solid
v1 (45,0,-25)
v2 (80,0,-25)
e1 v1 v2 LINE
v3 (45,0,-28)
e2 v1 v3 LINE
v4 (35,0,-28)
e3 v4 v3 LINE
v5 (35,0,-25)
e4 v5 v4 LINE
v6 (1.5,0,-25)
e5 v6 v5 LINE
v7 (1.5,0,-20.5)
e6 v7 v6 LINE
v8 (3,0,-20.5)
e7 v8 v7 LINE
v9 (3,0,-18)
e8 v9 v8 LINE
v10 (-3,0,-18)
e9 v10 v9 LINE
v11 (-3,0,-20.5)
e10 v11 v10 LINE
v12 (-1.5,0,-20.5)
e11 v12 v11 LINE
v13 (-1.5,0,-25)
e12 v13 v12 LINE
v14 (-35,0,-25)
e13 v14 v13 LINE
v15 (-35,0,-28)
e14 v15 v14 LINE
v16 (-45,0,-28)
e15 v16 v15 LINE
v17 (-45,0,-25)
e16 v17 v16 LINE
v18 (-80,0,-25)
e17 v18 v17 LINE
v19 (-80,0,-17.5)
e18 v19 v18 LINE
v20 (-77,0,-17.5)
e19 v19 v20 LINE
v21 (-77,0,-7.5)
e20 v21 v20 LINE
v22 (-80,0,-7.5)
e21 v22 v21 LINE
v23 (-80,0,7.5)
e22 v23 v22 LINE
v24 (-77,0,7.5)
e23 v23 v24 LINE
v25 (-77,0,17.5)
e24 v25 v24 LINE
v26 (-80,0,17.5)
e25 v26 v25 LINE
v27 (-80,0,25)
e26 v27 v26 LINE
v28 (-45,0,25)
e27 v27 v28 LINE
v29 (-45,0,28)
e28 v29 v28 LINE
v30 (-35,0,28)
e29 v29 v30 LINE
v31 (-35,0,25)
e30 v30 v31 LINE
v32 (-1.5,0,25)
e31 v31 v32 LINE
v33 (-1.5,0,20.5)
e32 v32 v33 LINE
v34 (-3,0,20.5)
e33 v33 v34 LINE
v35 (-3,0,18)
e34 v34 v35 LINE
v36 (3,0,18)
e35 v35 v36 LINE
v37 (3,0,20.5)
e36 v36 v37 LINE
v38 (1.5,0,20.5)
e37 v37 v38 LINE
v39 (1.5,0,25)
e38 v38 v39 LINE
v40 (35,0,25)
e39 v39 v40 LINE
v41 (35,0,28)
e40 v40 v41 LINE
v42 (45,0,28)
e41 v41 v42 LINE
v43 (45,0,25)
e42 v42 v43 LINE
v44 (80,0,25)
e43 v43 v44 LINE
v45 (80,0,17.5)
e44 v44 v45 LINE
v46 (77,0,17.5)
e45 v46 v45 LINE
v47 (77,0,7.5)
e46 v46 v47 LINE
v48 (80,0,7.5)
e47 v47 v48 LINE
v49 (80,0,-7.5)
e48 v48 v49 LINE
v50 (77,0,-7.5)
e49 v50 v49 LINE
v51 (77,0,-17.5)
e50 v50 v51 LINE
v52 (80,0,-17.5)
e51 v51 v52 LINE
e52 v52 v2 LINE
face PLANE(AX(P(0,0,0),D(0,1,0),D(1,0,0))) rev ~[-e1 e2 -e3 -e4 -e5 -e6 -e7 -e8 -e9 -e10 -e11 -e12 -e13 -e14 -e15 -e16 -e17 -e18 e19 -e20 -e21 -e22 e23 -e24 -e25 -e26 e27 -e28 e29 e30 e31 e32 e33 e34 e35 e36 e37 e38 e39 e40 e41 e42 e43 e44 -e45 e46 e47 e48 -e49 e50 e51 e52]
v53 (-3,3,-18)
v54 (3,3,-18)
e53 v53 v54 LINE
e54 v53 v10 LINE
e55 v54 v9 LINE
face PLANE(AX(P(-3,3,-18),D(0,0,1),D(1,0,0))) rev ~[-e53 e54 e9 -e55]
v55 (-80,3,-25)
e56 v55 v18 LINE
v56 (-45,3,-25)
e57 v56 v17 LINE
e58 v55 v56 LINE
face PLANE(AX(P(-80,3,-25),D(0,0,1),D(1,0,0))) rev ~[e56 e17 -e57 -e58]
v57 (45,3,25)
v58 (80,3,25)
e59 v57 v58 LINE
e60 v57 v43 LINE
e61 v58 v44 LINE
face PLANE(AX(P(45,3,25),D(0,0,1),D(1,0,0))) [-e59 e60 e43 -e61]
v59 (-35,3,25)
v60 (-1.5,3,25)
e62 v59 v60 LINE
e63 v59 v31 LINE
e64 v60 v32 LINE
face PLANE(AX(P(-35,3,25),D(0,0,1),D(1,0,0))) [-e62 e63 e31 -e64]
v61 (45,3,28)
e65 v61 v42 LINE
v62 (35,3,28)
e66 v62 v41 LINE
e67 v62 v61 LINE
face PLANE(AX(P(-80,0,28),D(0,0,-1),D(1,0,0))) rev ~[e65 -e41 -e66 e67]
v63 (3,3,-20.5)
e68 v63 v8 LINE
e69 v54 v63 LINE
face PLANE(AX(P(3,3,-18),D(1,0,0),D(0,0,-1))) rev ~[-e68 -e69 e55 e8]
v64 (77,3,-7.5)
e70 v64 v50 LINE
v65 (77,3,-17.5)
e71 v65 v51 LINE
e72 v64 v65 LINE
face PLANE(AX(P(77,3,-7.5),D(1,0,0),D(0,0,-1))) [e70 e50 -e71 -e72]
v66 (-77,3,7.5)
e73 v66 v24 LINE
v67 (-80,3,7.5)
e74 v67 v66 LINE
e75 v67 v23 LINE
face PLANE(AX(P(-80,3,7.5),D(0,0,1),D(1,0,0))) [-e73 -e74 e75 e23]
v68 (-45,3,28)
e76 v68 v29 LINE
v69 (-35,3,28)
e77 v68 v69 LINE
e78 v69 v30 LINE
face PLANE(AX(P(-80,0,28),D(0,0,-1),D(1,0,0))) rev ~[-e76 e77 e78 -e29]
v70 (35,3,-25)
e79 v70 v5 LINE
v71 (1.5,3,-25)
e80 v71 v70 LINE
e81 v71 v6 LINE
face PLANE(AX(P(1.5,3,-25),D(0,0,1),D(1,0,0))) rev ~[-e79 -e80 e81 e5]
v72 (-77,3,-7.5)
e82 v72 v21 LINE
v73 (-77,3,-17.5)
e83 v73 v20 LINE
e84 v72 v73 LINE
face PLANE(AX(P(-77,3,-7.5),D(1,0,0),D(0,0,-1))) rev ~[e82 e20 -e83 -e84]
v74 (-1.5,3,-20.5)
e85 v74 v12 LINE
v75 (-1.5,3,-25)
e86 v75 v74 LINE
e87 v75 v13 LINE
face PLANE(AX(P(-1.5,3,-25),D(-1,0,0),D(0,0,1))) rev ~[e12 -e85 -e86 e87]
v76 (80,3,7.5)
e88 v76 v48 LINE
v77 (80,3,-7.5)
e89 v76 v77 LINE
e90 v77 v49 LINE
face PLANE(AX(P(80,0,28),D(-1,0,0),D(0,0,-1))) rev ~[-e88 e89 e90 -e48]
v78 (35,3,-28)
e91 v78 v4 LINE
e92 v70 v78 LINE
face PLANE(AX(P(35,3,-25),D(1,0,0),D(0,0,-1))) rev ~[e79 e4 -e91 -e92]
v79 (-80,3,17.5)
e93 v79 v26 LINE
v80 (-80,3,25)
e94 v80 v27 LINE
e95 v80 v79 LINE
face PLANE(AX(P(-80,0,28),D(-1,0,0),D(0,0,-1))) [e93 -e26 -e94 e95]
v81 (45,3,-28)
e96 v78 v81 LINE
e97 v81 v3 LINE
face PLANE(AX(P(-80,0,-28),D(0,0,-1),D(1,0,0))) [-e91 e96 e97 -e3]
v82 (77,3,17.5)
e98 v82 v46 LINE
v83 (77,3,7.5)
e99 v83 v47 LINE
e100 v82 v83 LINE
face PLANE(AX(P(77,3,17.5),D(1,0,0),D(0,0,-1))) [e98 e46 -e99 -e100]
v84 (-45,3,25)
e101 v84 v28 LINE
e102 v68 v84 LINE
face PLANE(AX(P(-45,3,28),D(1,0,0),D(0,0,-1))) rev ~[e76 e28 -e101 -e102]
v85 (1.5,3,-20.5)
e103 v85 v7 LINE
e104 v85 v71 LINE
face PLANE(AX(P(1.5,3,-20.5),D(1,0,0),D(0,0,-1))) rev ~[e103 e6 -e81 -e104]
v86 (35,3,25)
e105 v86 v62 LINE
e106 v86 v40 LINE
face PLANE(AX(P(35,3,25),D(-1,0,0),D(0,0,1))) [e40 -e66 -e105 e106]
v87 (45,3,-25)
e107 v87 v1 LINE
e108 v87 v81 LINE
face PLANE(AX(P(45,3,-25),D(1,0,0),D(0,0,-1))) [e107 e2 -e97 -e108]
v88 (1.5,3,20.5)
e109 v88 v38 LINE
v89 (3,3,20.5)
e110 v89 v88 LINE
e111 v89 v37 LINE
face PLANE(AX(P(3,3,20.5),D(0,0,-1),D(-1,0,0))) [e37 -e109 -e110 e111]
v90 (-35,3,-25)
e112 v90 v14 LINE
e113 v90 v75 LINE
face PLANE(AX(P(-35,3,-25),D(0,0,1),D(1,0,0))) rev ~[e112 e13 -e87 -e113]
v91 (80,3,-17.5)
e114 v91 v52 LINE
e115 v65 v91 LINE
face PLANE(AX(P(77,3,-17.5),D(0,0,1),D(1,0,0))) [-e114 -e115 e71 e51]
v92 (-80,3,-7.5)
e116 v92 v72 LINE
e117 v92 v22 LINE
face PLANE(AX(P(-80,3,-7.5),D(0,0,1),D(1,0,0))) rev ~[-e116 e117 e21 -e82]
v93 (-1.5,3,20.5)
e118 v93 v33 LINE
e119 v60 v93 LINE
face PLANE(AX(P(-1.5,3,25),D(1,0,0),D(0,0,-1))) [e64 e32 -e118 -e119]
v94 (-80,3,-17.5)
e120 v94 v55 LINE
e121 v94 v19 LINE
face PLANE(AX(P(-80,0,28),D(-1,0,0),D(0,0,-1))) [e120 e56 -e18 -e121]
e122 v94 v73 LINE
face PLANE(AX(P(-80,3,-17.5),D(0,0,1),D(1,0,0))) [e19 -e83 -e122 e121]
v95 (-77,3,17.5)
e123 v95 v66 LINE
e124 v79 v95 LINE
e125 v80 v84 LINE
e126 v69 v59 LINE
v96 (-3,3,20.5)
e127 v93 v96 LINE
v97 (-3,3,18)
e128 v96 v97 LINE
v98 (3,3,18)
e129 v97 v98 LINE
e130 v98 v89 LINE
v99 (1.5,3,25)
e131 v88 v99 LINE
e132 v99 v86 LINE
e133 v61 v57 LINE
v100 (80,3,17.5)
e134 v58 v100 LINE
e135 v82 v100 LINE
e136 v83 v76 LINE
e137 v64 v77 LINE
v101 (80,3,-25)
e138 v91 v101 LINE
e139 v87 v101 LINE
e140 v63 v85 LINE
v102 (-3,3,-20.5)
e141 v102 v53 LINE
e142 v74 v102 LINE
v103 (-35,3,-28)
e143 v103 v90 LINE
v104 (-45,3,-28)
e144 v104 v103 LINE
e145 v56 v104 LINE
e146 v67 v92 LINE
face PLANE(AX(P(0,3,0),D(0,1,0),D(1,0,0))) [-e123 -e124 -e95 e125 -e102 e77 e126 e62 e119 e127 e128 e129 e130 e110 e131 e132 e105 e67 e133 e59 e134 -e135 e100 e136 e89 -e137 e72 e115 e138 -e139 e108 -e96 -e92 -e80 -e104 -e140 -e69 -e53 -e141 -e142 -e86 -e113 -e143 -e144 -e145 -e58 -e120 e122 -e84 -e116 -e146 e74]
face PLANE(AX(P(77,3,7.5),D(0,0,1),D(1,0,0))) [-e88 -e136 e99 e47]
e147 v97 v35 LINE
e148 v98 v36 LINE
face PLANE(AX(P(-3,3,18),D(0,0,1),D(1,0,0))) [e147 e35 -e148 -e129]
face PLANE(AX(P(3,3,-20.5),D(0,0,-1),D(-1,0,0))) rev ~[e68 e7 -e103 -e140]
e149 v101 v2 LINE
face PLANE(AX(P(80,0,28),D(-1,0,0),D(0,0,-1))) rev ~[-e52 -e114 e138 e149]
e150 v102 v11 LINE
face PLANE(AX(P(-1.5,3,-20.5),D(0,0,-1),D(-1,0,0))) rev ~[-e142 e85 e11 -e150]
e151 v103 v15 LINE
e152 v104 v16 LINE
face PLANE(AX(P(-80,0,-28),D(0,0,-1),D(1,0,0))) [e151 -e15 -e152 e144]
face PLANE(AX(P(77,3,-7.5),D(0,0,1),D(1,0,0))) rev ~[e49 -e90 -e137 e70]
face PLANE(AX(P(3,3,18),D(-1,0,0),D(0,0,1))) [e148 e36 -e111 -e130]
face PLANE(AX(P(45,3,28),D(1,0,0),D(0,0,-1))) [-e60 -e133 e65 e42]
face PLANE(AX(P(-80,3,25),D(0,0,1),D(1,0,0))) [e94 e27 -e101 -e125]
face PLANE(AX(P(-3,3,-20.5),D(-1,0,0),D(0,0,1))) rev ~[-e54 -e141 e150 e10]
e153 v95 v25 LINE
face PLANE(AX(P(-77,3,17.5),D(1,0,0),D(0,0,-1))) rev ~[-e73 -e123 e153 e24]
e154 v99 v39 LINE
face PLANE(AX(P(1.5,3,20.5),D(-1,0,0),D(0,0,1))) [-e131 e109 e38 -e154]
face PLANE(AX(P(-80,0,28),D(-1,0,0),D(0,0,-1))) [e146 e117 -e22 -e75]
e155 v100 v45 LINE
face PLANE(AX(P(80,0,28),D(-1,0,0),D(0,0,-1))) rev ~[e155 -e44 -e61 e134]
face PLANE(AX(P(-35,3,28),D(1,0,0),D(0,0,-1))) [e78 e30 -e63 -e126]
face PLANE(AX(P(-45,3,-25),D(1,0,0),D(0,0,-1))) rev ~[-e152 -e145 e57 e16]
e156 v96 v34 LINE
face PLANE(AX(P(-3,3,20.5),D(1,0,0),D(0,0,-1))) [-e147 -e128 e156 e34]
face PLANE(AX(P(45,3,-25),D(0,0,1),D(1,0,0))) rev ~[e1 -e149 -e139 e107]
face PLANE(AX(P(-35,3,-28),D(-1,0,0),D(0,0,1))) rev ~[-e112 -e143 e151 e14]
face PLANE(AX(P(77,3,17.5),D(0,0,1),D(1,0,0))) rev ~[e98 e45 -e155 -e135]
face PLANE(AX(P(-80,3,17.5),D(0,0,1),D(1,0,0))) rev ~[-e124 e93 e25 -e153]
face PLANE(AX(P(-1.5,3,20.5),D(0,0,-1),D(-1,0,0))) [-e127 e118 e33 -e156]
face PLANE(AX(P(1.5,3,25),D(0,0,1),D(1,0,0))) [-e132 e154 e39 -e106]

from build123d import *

# Parameters (mm, degrees)
SKETCH3_W           = 160
SKETCH3_H           = 56
BOSS_EXTRUDE1_DEPTH = 3
SKETCH4_W           = 3
SKETCH4_H           = 10
SKETCH4_W_2         = 35
SKETCH4_H_2         = 3
CUT_EXTRUDE1_DEPTH  = 85.811555816


with BuildPart() as part:
    # Sketch3 → Boss-Extrude1 (new body)
    with BuildSketch(Plane(origin=(0, 0, 0), x_dir=(1, 0, 0), z_dir=(0, 1, 0))):
        Rectangle(SKETCH3_W, SKETCH3_H)
    extrude(amount=BOSS_EXTRUDE1_DEPTH)

    # Sketch4 → Cut-Extrude1 (cut, through all)
    with BuildSketch(Plane(origin=(0, 3, 0), x_dir=(1, 0, 0), z_dir=(0, 1, 0))):
        with Locations((-78.5, 12.5)):
            Rectangle(SKETCH4_W, SKETCH4_H)
        Polygon((-35, 28), (-35, 25), (-1.5, 25), (-1.5, 20.5), (-3, 20.5), (-3, 18), (3, 18), (3, 20.5), (1.5, 20.5), (1.5, 25), (35, 25), (35, 28), align=None)
        with Locations((-62.5, 26.5)):
            Rectangle(SKETCH4_W_2, SKETCH4_H_2)
        with Locations((62.5, 26.5)):
            Rectangle(SKETCH4_W_2, SKETCH4_H_2)
        with Locations((78.5, 12.5)):
            Rectangle(SKETCH4_W, SKETCH4_H)
        with Locations((78.5, -12.5)):
            Rectangle(SKETCH4_W, SKETCH4_H)
        with Locations((62.5, -26.5)):
            Rectangle(SKETCH4_W_2, SKETCH4_H_2)
        Polygon((35, -28), (-35, -28), (-35, -25), (-1.5, -25), (-1.5, -20.5), (-3, -20.5), (-3, -18), (3, -18), (3, -20.5), (1.5, -20.5), (1.5, -25), (35, -25), align=None)
        with Locations((-62.5, -26.5)):
            Rectangle(SKETCH4_W_2, SKETCH4_H_2)
        with Locations((-78.5, -12.5)):
            Rectangle(SKETCH4_W, SKETCH4_H)
    extrude(amount=-CUT_EXTRUDE1_DEPTH, mode=Mode.SUBTRACT)


solid = part.part
